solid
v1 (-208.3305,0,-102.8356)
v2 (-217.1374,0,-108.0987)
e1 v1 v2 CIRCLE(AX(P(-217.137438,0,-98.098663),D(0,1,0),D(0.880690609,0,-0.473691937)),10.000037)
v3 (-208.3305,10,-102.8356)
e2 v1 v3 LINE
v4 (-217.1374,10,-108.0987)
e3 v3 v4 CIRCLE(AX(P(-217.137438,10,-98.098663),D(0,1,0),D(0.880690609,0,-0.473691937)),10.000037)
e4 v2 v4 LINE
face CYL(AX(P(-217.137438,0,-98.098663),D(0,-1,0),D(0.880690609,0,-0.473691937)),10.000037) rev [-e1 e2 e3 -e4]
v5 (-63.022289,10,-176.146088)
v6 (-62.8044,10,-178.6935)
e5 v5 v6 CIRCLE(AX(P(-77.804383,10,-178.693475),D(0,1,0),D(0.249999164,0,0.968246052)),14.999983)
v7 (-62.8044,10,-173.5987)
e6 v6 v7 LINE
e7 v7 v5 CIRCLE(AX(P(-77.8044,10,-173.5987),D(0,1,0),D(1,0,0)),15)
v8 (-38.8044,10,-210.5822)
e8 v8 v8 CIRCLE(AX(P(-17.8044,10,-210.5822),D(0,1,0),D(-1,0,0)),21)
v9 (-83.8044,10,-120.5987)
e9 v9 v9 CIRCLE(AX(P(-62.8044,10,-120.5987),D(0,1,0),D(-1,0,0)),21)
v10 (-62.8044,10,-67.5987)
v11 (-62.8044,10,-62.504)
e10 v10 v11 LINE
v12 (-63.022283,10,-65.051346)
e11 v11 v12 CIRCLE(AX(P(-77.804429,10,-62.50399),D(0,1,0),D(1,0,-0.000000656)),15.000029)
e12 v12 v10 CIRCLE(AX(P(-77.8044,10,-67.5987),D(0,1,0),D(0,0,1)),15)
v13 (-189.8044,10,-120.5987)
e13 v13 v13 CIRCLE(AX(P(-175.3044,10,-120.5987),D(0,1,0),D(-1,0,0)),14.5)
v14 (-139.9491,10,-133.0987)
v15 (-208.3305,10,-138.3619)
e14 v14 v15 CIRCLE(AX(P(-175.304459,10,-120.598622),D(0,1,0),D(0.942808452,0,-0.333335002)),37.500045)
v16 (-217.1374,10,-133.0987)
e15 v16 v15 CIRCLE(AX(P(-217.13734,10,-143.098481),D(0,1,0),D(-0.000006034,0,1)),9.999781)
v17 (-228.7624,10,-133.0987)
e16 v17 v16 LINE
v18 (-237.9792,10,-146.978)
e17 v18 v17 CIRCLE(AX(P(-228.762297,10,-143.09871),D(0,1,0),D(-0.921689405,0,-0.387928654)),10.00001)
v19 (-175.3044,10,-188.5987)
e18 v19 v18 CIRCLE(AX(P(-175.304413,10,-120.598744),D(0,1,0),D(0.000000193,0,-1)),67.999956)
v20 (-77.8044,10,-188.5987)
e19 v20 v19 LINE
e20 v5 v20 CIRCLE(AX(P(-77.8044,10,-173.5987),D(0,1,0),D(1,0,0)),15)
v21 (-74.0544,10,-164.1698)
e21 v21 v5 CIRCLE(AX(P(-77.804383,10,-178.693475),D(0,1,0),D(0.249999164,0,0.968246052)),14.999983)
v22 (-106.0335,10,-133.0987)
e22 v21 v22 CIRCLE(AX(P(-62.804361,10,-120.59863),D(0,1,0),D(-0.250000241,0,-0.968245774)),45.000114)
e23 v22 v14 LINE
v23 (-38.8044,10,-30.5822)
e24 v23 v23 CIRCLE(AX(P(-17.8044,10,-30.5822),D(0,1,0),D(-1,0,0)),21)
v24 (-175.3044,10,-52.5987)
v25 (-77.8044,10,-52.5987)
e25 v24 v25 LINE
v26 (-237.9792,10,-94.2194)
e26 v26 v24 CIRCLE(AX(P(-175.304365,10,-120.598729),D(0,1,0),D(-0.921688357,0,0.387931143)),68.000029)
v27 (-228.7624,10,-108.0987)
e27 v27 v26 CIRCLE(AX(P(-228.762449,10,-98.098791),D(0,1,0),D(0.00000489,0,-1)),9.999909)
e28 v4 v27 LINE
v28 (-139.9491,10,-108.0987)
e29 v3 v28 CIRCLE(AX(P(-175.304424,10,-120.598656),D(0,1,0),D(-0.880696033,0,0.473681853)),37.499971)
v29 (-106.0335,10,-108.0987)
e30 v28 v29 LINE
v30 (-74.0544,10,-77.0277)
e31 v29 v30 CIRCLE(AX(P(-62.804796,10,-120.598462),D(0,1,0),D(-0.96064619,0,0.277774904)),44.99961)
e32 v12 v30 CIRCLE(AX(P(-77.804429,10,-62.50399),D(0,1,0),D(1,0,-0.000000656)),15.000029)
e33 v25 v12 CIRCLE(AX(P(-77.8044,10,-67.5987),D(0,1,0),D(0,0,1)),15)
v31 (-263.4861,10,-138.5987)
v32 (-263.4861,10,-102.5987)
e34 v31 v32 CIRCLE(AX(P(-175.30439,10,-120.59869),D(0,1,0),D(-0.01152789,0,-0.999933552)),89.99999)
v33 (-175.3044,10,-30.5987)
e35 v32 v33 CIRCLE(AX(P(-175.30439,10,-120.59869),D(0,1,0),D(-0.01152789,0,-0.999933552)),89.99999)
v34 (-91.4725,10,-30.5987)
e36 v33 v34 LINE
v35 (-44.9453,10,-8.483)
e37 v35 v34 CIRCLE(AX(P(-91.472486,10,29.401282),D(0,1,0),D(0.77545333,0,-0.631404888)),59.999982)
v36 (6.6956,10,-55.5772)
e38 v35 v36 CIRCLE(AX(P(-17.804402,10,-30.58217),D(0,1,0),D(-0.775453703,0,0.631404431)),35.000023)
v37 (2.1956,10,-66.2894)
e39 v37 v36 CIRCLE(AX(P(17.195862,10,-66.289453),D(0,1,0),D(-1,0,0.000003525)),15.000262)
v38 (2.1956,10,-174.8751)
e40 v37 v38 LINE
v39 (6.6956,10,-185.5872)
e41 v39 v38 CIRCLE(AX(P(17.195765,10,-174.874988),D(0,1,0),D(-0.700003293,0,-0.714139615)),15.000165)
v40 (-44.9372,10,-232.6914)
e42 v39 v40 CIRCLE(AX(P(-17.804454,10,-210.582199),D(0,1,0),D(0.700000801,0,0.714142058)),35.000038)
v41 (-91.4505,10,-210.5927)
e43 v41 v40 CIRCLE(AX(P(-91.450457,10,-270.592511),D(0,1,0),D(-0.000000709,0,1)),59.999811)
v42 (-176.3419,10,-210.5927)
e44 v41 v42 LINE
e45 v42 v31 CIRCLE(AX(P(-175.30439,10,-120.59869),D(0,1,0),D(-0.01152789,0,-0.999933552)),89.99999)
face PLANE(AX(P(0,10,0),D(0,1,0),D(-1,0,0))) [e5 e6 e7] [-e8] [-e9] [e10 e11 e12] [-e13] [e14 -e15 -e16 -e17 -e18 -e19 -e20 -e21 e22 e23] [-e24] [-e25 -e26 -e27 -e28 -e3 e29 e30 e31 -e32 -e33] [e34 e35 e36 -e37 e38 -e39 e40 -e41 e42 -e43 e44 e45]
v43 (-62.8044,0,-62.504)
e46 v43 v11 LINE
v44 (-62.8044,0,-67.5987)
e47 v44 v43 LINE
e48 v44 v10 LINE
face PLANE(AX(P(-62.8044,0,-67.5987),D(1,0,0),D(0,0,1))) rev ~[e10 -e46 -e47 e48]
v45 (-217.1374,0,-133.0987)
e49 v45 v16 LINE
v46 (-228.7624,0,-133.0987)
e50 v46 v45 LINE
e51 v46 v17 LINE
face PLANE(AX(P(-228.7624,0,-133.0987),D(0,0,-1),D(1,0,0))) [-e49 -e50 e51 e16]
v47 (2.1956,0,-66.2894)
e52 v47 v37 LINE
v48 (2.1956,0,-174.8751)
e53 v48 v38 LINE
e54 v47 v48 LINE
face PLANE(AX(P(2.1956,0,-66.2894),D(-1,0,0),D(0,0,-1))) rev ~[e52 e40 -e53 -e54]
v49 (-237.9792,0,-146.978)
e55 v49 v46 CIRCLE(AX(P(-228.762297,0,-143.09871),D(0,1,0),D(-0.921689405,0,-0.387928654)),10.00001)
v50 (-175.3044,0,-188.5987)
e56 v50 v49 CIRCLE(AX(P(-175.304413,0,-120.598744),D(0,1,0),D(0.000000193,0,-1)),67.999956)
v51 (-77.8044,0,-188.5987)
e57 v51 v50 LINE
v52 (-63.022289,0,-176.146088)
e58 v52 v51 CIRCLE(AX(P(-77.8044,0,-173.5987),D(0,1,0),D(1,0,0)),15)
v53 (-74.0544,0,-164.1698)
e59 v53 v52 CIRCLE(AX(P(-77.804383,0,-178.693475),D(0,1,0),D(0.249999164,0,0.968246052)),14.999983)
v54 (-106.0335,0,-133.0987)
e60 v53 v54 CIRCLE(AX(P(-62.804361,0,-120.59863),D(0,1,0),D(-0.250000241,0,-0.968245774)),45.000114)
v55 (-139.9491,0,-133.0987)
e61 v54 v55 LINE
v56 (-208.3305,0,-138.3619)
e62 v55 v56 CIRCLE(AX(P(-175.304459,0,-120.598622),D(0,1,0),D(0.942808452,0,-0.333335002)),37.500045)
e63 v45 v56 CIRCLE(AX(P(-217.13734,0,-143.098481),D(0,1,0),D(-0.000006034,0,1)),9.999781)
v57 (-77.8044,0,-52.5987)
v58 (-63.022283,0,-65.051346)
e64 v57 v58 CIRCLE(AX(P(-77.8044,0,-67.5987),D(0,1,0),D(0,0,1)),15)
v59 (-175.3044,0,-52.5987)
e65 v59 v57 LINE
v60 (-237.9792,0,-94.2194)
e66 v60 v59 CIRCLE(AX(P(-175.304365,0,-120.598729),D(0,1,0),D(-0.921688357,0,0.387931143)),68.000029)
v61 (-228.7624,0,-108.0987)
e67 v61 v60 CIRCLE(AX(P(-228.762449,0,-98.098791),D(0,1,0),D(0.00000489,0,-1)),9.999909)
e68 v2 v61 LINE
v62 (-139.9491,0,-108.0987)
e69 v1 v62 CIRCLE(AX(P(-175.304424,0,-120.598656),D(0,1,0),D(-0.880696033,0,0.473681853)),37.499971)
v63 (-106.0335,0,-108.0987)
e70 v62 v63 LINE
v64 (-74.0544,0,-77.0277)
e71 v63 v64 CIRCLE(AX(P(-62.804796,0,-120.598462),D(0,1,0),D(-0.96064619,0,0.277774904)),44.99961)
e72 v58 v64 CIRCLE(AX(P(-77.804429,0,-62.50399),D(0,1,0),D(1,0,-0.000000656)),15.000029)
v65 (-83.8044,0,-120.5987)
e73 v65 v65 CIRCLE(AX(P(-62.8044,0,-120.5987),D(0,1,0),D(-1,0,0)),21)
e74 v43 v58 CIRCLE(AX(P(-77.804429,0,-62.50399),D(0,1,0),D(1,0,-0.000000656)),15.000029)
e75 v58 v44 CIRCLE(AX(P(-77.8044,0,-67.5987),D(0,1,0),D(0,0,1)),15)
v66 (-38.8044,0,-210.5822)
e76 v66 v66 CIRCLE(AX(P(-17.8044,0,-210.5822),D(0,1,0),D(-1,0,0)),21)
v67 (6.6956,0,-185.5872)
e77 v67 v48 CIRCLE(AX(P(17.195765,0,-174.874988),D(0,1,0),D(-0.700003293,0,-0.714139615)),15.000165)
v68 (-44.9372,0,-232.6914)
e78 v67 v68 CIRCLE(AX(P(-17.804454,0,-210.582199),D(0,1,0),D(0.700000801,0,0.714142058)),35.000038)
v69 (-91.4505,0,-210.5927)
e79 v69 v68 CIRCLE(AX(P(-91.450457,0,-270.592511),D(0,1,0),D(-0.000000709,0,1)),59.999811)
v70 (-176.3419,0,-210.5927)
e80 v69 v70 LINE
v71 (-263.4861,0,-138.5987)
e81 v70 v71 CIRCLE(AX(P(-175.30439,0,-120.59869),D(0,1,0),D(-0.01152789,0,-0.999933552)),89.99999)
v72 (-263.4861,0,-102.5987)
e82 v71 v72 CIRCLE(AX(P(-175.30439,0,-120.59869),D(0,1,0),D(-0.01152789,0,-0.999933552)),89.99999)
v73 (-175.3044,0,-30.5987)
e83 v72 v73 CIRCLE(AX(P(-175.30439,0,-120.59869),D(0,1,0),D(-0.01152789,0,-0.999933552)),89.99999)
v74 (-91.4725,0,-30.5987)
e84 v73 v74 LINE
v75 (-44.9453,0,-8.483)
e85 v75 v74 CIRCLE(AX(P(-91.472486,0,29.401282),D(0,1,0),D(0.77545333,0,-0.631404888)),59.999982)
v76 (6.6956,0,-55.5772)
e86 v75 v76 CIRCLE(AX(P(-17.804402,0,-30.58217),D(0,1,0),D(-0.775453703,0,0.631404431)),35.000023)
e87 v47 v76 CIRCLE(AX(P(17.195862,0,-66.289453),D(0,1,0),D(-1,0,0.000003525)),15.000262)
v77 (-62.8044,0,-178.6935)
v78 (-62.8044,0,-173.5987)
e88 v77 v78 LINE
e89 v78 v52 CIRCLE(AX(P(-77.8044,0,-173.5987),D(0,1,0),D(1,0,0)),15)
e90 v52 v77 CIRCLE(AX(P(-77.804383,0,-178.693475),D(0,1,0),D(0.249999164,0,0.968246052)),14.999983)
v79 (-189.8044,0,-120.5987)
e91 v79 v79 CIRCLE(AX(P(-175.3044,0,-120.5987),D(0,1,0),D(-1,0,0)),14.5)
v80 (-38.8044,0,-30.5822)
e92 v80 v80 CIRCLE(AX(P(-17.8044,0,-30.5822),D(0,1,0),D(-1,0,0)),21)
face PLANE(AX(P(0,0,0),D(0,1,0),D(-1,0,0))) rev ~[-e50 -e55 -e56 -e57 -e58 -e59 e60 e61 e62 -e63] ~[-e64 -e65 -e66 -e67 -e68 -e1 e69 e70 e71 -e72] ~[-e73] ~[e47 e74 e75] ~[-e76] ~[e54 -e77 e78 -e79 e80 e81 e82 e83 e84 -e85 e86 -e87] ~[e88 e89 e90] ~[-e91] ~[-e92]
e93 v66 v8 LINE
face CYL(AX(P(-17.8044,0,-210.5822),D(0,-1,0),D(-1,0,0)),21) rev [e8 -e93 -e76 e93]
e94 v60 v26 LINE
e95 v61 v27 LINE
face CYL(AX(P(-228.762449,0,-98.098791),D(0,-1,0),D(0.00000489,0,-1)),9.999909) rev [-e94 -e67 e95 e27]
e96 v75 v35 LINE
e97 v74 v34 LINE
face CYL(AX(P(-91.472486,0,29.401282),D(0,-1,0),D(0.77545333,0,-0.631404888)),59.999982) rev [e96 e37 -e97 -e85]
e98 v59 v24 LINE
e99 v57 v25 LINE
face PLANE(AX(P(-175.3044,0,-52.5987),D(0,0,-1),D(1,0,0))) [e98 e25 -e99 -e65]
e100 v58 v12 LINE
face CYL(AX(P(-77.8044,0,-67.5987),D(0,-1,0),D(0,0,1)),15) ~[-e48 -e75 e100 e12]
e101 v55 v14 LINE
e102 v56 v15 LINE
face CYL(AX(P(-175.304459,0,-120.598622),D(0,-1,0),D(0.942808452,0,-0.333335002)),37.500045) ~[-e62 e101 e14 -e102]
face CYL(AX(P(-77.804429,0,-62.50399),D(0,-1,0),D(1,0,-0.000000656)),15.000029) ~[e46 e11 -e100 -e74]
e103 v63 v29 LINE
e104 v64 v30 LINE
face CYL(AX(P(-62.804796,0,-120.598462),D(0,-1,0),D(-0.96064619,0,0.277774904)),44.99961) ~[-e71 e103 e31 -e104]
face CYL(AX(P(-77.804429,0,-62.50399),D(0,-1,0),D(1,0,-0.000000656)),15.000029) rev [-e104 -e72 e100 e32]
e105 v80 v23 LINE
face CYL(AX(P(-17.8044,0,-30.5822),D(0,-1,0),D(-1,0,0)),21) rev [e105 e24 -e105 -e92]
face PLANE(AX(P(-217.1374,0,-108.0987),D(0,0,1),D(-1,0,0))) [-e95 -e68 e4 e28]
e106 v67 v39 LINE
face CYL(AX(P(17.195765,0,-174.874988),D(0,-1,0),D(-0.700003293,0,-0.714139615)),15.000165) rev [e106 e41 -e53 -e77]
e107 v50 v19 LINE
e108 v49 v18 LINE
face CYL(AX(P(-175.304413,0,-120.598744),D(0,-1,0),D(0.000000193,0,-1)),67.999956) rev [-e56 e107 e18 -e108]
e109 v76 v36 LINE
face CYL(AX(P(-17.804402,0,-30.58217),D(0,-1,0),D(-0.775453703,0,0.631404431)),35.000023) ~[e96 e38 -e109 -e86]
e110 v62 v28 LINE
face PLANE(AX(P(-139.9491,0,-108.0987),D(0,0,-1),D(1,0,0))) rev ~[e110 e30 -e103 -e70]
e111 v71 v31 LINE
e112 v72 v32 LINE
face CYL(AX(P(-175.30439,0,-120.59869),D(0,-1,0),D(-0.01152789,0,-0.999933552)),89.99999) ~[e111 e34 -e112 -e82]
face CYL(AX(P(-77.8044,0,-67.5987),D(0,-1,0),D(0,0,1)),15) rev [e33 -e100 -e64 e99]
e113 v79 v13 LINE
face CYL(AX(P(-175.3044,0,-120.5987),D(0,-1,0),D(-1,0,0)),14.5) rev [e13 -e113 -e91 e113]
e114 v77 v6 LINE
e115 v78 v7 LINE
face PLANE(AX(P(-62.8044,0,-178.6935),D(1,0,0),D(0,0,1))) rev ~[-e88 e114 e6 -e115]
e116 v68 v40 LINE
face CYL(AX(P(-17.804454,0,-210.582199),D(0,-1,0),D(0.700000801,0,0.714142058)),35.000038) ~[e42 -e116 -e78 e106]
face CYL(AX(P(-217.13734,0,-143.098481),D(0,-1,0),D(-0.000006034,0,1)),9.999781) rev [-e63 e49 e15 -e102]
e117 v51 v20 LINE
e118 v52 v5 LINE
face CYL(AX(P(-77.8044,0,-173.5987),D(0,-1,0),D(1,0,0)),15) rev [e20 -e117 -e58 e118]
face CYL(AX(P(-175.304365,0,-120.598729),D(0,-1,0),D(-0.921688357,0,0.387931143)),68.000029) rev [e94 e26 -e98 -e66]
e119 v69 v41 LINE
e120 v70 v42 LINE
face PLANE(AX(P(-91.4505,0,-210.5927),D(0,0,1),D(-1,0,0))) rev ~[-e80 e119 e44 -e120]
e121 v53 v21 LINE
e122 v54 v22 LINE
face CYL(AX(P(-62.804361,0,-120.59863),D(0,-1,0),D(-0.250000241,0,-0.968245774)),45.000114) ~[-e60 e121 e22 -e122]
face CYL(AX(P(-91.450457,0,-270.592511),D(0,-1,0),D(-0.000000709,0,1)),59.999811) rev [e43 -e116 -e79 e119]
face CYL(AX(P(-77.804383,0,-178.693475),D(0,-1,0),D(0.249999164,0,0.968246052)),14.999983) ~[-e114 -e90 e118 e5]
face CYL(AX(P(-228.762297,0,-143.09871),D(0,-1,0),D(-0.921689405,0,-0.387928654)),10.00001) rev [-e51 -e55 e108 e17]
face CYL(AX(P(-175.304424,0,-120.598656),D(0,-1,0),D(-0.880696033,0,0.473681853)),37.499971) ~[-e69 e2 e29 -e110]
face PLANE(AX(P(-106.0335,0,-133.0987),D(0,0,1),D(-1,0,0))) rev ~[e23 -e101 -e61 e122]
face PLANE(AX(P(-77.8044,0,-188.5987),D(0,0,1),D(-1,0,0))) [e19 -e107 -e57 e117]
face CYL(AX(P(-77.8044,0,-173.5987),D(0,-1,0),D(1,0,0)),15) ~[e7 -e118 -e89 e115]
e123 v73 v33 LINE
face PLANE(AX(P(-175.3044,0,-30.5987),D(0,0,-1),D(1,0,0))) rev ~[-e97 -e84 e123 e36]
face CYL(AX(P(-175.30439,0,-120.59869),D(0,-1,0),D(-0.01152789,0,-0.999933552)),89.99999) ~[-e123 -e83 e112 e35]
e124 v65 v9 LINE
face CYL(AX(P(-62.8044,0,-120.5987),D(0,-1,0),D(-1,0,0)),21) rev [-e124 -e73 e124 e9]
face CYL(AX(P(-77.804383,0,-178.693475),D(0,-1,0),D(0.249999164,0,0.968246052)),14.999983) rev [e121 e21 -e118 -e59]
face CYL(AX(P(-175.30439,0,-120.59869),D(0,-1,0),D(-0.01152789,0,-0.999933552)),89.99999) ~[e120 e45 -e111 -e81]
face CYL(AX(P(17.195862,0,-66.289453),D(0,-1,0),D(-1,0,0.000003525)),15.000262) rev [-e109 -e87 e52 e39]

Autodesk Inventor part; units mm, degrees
ref_plane "YZ Plane" through (0, 0, 0) normal (1, 0, 0) x (0, 1, 0)
ref_plane "XZ Plane" through (0, 0, 0) normal (0, 1, 0) x (-1, 0, 0)
ref_plane "XY Plane" through (0, 0, 0) normal (0, 0, 1) x (1, 0, 0)
sketch "Sketch1" plane through (0, 0, 0) normal (0, 1, 0) x (-1, 0, 0)
  arc A0 (176.3419, -210.5927) -> (175.3044, -30.5987) centre (175.3044, -120.5987) ccw
  line L0 (175.3044, -30.5987) -> (91.4725, -30.5987)
  line L1 (-2.1956, -66.2894) -> (-2.1956, -174.8751)
  line L2 (91.4505, -210.5927) -> (176.3419, -210.5927)
  arc A1 (44.9453, -8.483) -> (-6.6956, -55.5772) centre (17.8044, -30.5822) ccw
  arc A2 (-6.6956, -185.5872) -> (44.9372, -232.6914) centre (17.8044, -210.5822) ccw
  line L3 (265.3044, -138.5987) -> (263.4861, -138.5987)
  line L4 (263.4861, -102.5987) -> (265.3044, -102.5987)
  circle A3 centre (175.3044, -120.5987) radius 14.5
  line L5 (175.3044, -52.5987) -> (77.8044, -52.5987)
  line L6 (77.8044, -188.5987) -> (175.3044, -188.5987)
  arc A4 (237.9792, -94.2194) -> (175.3044, -52.5987) centre (175.3044, -120.5987) ccw
  arc A5 (175.3044, -188.5987) -> (237.9792, -146.978) centre (175.3044, -120.5987) ccw
  line L7 (228.7624, -133.0987) -> (217.1374, -133.0987)
  line L8 (217.1374, -108.0987) -> (228.7624, -108.0987)
  line L9 (139.9491, -108.0987) -> (106.0335, -108.0987)
  line L10 (106.0335, -133.0987) -> (139.9491, -133.0987)
  arc A6 (208.3305, -102.8356) -> (139.9491, -108.0987) centre (175.3044, -120.5987) ccw
  arc A7 (139.9491, -133.0987) -> (208.3305, -138.3619) centre (175.3044, -120.5987) ccw
  line L11 (62.8044, -67.5987) -> (62.8044, -62.504)
  line L12 (62.8044, -178.6935) -> (62.8044, -173.5987)
  arc A8 (106.0335, -108.0987) -> (74.0544, -77.0277) centre (62.8044, -120.5987) ccw
  arc A9 (74.0544, -164.1698) -> (106.0335, -133.0987) centre (62.8044, -120.5987) ccw
  circle A10 centre (62.8044, -120.5987) radius 21
  circle A11 centre (17.8044, -30.5822) radius 21
  circle A12 centre (17.8044, -210.5822) radius 21
  arc A13 (239.6919, -108.0987) -> (241.6431, -105.6593) centre (239.6919, -106.0987) ccw
  arc A14 (228.7624, -108.0987) -> (237.9792, -94.2194) centre (228.7624, -98.0987) ccw
  arc A15 (208.3305, -102.8356) -> (217.1374, -108.0987) centre (217.1374, -98.0987) ccw
  arc A16 (217.1374, -133.0987) -> (208.3305, -138.3619) centre (217.1374, -143.0987) ccw
  arc A17 (237.9792, -146.978) -> (228.7624, -133.0987) centre (228.7624, -143.0987) ccw
  arc A18 (77.8044, -52.5987) -> (62.8044, -67.5987) centre (77.8044, -67.5987) ccw
  arc A19 (62.8044, -173.5987) -> (77.8044, -188.5987) centre (77.8044, -173.5987) ccw
  arc A20 (62.8044, -62.504) -> (74.0544, -77.0277) centre (77.8044, -62.504) ccw
  arc A21 (74.0544, -164.1698) -> (62.8044, -178.6935) centre (77.8044, -178.6935) ccw
  arc A22 (44.9453, -8.483) -> (91.4725, -30.5987) centre (91.4725, 29.4013) ccw
  arc A23 (91.4505, -210.5927) -> (44.9372, -232.6914) centre (91.4505, -270.5927) ccw
  arc A24 (-2.1956, -66.2894) -> (-6.6956, -55.5772) centre (-17.1956, -66.2894) ccw
  arc A25 (-6.6956, -185.5872) -> (-2.1956, -174.8751) centre (-17.1956, -174.8751) ccw
  point P0 (0, 0)
  point P1 (-2.1956, -181.8594)
  point P2 (242.1457, -108.0987)
  point P3 (242.1457, -133.0987)
  point P4 (62.8044, -188.5987)
  point P5 (210.6598, -108.0987)
  point P6 (210.6598, -133.0987)
  point P7 (62.8044, -52.5987)
  point P8 (62.8044, -75.5987)
  point P9 (62.8044, -165.5987)
  point P10 (-2.1956, -59.3051)
  point P11 (52.8044, -30.5987)
  point P12 (52.8044, -210.5927)
  point P13 (63.0223, -65.0513)
  point P14 (63.0223, -176.1461)
  dimension "d0" = 180
  dimension "d1" = 20
  dimension "d2" = 20
  dimension "d3" = 42
  dimension "d4" = 70
  dimension "d5" = 42
  dimension "d6" = 70
  dimension "d7" = 112.5
  dimension "d8" = 90
  dimension "d9" = 90
  dimension "d10" = 25
  dimension "d11" = 90
  dimension "d12" = 68
  dimension "d13" = 77.5
  dimension "d14" = 37.5
  dimension "d15" = 37.5
  dimension "d16" = 29
  dimension "d17" = 45
  dimension "d18" = 45
  dimension "d19" = 42
  dimension "d20" = 25
  dimension "d21" = 77.5
  dimension "d22" = 112.5
  dimension "d23" = 112.5
  dimension "d24" = 45
  dimension "d25" = 68
  dimension "d26" = 2
  dimension "d27" = 10
  dimension "d28" = 15
  dimension "d29" = 60
extrude "Extrusion1" add sketch "Sketch1" along normal blind 10
equation "\"d2\" = d1"
equation "\"d5\" = d3"
equation "\"d6\" = d4"
equation "\"d15\" = d14"
equation "\"d18\" = d17"
equation "\"d20\" = d10"
equation "\"d21\" = d13"
equation "\"d23\" = d22"
equation "\"d25\" = d12"
